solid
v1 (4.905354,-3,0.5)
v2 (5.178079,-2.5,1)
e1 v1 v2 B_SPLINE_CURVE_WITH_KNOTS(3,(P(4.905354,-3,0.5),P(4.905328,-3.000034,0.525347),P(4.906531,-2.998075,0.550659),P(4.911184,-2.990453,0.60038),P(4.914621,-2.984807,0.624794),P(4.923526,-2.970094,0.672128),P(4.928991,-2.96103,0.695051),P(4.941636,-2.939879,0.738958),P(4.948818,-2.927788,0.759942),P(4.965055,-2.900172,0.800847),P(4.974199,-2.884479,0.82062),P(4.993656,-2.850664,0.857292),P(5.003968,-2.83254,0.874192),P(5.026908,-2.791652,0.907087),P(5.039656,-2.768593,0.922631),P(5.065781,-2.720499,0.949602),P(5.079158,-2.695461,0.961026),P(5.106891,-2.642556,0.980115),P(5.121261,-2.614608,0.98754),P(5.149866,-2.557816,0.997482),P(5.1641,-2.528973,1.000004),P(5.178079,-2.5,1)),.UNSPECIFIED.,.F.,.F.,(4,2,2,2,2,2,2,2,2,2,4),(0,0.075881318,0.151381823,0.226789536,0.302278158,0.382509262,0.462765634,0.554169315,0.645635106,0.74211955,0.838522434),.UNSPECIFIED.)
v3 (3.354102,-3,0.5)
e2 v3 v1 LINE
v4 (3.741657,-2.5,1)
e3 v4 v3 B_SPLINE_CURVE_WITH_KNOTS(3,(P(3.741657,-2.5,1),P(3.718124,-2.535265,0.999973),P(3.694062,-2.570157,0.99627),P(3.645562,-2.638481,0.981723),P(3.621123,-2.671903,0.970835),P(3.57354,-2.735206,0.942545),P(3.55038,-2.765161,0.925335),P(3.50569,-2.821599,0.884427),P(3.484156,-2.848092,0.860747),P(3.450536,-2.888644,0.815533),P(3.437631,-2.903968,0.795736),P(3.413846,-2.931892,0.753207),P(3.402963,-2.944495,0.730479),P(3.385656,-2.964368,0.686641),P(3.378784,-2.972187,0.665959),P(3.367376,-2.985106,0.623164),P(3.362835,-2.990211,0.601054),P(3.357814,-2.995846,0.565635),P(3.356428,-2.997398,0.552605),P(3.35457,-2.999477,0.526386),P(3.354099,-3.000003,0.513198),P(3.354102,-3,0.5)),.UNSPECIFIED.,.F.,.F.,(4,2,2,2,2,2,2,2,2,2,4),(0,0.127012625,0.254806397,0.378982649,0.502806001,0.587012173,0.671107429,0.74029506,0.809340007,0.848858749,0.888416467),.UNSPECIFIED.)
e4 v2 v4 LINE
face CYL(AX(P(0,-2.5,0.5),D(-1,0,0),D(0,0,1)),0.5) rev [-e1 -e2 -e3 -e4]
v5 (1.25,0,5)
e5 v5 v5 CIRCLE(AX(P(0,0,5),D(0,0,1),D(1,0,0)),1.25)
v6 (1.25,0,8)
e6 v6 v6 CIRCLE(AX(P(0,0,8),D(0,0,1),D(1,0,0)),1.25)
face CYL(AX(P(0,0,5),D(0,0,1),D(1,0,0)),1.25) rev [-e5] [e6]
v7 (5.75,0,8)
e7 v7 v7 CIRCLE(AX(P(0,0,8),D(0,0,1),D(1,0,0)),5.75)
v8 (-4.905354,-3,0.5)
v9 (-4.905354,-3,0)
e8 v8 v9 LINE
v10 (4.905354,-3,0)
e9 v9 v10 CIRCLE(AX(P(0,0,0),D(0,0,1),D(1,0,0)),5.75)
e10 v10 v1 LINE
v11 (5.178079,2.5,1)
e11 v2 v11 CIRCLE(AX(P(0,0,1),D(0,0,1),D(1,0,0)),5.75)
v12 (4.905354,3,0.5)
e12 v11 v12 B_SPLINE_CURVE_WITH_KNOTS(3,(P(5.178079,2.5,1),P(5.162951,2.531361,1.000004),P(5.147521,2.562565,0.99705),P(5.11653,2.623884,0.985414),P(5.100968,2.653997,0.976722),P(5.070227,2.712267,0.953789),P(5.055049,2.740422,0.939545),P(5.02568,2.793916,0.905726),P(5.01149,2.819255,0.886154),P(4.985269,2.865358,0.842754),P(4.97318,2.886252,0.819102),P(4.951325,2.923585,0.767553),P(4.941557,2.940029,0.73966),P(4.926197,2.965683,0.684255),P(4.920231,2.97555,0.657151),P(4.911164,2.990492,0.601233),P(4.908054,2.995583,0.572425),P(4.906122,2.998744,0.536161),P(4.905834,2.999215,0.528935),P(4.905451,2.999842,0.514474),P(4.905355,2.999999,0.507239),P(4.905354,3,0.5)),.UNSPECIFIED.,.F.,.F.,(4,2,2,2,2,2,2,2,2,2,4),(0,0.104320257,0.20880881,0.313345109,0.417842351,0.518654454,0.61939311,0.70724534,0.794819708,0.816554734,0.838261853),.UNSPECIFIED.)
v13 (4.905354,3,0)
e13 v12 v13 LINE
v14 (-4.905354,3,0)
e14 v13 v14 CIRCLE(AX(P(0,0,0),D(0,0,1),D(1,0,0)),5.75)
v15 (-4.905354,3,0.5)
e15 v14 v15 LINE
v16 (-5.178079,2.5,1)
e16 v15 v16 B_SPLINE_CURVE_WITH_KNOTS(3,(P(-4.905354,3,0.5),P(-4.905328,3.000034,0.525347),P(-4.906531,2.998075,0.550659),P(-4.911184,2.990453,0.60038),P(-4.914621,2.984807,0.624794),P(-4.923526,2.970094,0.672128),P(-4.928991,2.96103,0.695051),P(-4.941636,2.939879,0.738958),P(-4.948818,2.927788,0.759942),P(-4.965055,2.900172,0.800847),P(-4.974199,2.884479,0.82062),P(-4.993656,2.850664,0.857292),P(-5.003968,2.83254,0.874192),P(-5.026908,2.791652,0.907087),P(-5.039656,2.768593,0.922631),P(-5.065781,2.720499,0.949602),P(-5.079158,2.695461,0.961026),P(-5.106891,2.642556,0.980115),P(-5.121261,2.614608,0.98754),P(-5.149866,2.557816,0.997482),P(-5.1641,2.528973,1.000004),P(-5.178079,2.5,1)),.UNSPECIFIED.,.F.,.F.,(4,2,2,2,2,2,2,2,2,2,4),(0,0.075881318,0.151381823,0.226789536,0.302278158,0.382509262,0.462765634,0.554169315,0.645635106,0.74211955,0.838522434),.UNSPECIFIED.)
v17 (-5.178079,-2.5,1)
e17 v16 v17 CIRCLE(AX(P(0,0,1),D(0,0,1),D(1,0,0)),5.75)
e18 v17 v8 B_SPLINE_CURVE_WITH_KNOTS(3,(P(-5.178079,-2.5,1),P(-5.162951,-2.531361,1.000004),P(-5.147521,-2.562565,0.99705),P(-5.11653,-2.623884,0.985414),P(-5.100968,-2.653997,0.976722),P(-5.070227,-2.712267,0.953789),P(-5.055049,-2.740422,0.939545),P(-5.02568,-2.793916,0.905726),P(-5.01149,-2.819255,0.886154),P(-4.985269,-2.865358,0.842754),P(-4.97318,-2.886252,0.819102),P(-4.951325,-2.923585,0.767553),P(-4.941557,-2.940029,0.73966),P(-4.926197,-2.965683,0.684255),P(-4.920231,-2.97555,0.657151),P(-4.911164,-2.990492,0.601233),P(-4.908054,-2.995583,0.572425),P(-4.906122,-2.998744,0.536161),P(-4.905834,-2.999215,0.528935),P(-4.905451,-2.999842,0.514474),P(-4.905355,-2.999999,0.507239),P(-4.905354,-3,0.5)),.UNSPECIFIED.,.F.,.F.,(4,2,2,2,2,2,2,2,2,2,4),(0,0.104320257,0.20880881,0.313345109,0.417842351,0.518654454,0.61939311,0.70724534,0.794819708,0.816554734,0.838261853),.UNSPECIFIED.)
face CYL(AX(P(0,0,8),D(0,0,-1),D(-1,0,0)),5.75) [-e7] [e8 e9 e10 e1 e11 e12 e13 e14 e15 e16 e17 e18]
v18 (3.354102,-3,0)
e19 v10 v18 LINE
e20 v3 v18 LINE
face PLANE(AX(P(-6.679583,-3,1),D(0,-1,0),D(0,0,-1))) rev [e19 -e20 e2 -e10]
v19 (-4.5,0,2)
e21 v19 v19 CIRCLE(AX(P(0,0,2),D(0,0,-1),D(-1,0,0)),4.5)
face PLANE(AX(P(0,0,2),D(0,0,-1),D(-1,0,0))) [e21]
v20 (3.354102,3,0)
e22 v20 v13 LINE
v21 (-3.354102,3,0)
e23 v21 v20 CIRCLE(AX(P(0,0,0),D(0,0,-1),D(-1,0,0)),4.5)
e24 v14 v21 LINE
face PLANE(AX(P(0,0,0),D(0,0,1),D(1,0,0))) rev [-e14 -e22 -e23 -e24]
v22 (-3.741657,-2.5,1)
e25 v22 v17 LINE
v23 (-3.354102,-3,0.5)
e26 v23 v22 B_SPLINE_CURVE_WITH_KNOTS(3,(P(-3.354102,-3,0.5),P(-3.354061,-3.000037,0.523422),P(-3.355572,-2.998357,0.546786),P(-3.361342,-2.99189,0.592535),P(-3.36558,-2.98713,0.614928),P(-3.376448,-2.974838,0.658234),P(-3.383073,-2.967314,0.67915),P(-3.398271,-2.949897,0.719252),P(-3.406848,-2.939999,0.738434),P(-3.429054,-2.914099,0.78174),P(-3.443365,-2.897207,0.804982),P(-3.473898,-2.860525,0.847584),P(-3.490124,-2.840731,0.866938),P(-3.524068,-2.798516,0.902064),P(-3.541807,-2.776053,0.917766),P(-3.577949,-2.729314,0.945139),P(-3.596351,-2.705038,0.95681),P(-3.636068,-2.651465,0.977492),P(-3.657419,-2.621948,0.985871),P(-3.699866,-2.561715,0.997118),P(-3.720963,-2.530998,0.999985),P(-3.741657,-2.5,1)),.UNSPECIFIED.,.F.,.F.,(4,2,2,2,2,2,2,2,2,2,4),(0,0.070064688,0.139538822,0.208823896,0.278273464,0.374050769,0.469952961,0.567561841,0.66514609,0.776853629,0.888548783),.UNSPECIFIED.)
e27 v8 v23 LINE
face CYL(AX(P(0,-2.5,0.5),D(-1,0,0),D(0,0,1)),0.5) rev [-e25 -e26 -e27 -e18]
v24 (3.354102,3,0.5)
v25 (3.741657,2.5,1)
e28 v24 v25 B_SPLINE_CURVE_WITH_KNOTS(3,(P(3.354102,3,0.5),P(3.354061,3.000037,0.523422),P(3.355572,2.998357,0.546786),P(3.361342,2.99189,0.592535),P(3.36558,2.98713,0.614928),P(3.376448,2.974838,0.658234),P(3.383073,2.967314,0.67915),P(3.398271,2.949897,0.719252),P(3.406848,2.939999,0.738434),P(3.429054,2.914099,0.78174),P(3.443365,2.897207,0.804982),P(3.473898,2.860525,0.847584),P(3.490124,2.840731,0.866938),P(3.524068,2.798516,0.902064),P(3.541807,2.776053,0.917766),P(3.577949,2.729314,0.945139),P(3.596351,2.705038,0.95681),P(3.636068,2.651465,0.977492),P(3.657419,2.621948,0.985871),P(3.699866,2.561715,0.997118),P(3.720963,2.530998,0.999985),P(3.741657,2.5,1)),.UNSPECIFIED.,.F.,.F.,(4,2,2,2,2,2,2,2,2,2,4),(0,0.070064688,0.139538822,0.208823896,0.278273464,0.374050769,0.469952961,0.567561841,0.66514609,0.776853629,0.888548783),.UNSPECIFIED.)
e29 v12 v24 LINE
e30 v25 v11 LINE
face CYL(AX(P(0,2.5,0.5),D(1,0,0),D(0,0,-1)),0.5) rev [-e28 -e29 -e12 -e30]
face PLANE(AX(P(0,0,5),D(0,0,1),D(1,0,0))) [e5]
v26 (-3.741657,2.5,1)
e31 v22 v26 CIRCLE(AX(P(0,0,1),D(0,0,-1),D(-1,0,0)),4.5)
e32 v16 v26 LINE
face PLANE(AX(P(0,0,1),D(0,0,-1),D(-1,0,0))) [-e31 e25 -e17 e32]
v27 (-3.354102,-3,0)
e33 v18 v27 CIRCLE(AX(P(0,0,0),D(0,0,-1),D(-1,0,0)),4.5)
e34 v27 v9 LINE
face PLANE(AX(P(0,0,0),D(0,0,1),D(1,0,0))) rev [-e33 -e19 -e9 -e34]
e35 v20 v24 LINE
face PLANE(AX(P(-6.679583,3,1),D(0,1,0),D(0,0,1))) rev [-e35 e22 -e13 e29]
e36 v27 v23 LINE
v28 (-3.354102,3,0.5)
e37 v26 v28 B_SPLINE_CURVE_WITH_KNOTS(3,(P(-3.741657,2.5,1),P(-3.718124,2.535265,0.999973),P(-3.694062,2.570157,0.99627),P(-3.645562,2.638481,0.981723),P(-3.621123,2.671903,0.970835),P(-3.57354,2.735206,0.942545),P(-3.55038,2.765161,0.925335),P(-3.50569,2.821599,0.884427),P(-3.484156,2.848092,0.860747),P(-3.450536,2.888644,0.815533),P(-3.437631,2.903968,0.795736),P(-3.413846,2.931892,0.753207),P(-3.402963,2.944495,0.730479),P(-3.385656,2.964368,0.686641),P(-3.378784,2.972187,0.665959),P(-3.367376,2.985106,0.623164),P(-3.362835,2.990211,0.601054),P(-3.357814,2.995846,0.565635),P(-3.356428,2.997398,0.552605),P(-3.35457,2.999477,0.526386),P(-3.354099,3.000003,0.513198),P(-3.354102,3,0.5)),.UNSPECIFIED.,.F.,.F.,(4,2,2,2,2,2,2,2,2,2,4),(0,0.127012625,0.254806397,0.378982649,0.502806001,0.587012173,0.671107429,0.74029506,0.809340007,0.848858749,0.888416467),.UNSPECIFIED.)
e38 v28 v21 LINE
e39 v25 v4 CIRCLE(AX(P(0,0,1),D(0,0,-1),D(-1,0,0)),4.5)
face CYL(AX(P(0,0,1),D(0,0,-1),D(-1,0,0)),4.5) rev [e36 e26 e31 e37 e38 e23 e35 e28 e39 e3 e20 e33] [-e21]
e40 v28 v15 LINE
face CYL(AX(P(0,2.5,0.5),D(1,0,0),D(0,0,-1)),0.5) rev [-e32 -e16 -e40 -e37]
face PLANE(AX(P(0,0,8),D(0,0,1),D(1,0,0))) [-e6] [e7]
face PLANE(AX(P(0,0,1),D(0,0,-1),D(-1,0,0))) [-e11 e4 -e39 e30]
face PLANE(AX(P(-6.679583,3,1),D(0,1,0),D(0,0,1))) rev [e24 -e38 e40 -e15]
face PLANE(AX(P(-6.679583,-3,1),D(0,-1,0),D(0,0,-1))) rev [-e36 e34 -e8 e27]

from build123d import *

# Parameters (mm, degrees)
SKIZZE1_R                       = 5.75
AUFSATZ_LINEAR_AUSTRAGEN1_DEPTH = 8
SKIZZE2_R                       = 4.5
SCHNITT_LINEAR_AUSTRAGEN1_DEPTH = 1
SKIZZE3_W                       = 13.35916622
SKIZZE3_H                       = 6
SCHNITT_LINEAR_AUSTRAGEN2_DEPTH = 1
VERRUNDUNG1_R                   = 0.5
SKIZZE4_R                       = 1.25
SCHNITT_LINEAR_AUSTRAGEN3_DEPTH = 3
SKIZZE5_R                       = 4.5
SCHNITT_LINEAR_AUSTRAGEN4_DEPTH = 1


with BuildPart() as part:
    # Skizze1 → Aufsatz-Linear austragen1 (new body)
    with BuildSketch(Plane(origin=(0, 0, 0), x_dir=(0, 1, 0), z_dir=(0, 0, 1))):
        with Locations(Location((0, 0, 0), (0, 0, 270))):
            Circle(SKIZZE1_R)
    extrude(amount=AUFSATZ_LINEAR_AUSTRAGEN1_DEPTH)

    # Skizze2 → Schnitt-Linear austragen1 (cut)
    with BuildSketch(Plane(origin=(0, 0, 0), x_dir=(1, 0, 0), z_dir=(0, 0, -1))):
        with Locations(Location((0, 0, 0), (0, 0, 180))):
            Circle(SKIZZE2_R)
    extrude(amount=-SCHNITT_LINEAR_AUSTRAGEN1_DEPTH, mode=Mode.SUBTRACT)

    # Skizze3 → Schnitt-Linear austragen2 (cut)
    with BuildSketch(Plane(origin=(0, 0, 0), x_dir=(1, 0, 0), z_dir=(0, 0, -1))):
        Rectangle(SKIZZE3_W, SKIZZE3_H)
    extrude(amount=-SCHNITT_LINEAR_AUSTRAGEN2_DEPTH, mode=Mode.SUBTRACT)

    # Verrundung1
    verrundung1_edges = [part.edges().sort_by_distance(p)[0] for p in [
        (4.129728092, 3, 1),
        (-4.129728092, 3, 1),
        (-4.129728092, -3, 1),
        (4.129728092, -3, 1),
    ]]
    fillet(verrundung1_edges, radius=VERRUNDUNG1_R)

    # Skizze4 → Schnitt-Linear austragen3 (cut)
    with BuildSketch(Plane.XY.offset(8)):
        Circle(SKIZZE4_R)
    extrude(amount=-SCHNITT_LINEAR_AUSTRAGEN3_DEPTH, mode=Mode.SUBTRACT)

    # Skizze5 → Schnitt-Linear austragen4 (cut)
    with BuildSketch(Plane(origin=(0, 0, 1), x_dir=(1, 0, 0), z_dir=(0, 0, -1))):
        with Locations(Location((0, 0, 0), (0, 0, 180))):
            Circle(SKIZZE5_R)
    extrude(amount=-SCHNITT_LINEAR_AUSTRAGEN4_DEPTH, mode=Mode.SUBTRACT)


solid = part.part
